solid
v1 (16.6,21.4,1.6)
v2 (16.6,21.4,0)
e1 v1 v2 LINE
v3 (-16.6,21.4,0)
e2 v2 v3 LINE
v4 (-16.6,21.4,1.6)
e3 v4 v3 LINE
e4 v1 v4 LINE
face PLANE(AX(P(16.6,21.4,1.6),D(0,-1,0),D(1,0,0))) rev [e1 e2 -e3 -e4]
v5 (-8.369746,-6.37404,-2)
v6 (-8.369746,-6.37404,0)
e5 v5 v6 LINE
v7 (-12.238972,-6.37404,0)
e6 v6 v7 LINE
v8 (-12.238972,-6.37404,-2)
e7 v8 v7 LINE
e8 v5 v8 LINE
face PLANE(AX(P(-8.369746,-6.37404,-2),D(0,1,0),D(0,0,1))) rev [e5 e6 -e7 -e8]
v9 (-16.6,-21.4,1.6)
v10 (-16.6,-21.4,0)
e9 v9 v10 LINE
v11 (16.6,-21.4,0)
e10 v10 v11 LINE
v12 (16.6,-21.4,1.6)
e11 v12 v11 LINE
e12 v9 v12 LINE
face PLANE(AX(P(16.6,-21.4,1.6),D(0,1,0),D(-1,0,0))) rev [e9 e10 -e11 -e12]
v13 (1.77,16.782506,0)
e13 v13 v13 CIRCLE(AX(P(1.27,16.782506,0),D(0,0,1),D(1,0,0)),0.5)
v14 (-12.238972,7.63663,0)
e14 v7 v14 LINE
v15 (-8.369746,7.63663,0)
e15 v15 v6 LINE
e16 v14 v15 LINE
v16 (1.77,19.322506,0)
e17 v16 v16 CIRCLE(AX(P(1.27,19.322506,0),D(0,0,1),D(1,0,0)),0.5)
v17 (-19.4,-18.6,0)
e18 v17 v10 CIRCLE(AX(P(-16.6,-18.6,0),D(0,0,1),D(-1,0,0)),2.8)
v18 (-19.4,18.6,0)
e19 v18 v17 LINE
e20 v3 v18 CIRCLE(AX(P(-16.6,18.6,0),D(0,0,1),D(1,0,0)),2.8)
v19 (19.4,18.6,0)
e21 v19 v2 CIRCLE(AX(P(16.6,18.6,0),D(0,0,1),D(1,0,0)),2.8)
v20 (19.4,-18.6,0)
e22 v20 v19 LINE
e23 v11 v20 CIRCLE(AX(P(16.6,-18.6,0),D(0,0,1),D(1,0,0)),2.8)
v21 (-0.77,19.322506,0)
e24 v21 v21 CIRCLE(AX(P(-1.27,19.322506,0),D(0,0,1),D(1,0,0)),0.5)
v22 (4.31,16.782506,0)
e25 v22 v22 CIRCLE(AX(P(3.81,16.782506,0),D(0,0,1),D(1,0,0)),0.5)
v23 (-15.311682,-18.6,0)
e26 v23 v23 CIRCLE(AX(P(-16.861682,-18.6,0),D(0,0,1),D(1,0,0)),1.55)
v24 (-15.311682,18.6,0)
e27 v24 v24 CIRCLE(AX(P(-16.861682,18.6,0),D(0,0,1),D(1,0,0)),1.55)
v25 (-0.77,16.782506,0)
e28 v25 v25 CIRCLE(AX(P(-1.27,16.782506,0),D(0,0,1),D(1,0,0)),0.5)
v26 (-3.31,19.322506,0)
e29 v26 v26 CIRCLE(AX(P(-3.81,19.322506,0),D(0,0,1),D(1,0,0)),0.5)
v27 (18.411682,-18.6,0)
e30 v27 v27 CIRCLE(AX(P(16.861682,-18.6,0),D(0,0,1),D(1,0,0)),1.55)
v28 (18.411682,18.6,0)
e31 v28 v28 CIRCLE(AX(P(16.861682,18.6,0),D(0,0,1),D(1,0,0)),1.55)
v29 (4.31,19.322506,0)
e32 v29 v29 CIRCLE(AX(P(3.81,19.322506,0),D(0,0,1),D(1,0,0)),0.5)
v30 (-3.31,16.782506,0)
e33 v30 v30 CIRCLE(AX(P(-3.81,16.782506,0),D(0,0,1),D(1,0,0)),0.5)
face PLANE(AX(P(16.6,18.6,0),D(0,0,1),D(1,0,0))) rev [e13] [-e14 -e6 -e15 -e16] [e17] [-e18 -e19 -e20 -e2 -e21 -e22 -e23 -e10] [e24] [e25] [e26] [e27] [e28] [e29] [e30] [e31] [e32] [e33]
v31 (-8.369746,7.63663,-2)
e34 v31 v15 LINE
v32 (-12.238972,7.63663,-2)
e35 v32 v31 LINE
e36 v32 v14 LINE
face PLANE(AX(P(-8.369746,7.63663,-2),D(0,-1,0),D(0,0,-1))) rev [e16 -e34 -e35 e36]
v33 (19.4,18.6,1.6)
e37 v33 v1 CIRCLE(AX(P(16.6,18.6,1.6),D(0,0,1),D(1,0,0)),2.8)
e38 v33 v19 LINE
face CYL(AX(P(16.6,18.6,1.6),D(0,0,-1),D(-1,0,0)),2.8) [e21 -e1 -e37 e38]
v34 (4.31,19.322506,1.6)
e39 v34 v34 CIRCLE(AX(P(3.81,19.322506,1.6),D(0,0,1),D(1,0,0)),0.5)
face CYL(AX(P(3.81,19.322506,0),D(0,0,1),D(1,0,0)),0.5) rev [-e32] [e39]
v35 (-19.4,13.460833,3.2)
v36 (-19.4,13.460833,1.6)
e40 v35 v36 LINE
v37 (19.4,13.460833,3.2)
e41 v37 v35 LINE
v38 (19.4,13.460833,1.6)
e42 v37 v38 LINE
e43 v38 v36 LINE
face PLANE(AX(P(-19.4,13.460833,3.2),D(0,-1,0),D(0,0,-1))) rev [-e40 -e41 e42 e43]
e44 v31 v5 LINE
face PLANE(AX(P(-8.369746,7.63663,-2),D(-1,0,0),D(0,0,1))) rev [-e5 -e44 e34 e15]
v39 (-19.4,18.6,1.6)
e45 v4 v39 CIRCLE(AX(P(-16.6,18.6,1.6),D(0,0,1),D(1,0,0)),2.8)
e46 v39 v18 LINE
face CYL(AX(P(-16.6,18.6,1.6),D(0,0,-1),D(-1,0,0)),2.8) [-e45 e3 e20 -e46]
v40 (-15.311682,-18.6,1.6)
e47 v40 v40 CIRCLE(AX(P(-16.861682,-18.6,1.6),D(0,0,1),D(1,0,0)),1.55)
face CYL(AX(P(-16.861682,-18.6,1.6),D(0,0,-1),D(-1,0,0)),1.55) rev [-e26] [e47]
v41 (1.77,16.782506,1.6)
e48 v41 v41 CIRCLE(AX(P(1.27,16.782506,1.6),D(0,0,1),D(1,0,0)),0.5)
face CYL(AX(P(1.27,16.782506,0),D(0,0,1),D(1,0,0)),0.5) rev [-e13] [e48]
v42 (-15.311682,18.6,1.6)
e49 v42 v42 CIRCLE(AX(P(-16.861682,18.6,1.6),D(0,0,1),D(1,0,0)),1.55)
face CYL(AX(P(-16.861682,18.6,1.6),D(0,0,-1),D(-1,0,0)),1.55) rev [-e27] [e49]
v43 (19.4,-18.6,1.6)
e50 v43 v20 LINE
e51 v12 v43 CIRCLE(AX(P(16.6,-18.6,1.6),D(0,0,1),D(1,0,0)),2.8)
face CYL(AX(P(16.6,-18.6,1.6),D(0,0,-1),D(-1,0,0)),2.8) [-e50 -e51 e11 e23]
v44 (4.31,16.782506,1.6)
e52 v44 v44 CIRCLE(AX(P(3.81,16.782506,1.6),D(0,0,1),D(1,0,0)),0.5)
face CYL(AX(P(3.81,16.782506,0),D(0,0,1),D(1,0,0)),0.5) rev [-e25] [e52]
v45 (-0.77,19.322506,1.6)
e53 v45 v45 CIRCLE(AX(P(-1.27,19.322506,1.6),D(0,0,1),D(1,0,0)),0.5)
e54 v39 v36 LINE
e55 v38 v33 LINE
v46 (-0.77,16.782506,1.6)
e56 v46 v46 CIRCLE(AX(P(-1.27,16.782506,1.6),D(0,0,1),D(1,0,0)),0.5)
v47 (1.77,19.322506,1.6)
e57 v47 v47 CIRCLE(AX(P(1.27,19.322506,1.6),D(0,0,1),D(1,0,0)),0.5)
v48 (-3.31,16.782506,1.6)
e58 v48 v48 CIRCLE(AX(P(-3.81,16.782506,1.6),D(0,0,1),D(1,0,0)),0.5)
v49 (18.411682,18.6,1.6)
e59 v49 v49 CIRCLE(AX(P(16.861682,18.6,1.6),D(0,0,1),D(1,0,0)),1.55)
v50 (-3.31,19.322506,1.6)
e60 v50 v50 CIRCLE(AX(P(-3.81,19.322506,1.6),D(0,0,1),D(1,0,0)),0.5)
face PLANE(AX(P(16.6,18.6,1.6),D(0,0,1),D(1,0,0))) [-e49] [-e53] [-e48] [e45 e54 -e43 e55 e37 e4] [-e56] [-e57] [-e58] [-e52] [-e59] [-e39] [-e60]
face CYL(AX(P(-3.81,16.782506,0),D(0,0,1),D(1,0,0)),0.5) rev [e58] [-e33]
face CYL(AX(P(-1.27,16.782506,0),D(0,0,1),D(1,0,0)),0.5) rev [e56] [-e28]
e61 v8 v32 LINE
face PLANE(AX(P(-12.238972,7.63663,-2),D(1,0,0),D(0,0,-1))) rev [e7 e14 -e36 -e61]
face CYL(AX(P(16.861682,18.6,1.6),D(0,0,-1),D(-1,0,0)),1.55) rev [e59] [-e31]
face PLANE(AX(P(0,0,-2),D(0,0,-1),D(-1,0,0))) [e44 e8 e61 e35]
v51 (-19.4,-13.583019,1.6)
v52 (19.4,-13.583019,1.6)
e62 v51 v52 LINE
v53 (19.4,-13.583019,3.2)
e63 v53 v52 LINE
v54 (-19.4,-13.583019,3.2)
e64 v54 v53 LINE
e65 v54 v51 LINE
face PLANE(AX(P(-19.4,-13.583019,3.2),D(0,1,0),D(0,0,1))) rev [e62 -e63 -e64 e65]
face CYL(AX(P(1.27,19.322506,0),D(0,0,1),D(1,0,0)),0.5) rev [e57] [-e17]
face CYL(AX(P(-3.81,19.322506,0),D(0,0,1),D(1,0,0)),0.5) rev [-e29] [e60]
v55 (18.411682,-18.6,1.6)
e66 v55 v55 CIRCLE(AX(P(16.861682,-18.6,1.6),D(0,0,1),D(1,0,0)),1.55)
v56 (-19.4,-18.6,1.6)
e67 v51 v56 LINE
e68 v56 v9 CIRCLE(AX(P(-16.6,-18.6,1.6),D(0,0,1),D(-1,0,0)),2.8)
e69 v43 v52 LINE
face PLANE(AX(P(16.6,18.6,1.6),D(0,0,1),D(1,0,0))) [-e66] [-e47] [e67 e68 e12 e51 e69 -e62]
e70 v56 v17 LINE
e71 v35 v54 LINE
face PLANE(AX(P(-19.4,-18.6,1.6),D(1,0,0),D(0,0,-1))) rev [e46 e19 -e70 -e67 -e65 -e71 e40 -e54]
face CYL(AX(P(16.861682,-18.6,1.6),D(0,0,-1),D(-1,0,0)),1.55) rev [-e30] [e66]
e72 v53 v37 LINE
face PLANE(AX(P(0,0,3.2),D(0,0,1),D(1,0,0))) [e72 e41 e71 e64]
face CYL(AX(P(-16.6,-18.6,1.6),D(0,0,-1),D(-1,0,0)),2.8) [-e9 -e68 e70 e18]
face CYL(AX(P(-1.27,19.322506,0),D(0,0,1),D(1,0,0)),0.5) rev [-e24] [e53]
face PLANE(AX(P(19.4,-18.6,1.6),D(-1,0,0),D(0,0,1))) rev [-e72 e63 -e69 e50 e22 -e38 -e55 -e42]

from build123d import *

# Parameters (mm, degrees)
SKIZZE1_R                       = 1.55
AUFSATZ_LINEAR_AUSTRAGEN1_DEPTH = 1.6
SKIZZE2_R                       = 0.5
SCHNITT_LINEAR_AUSTRAGEN1_DEPTH = 1.6
SKIZZE3_W                       = 38.8
SKIZZE3_H                       = 27.043851976
AUFSATZ_LINEAR_AUSTRAGEN2_DEPTH = 1.6
SKIZZE4_W                       = 3.86922581
SKIZZE4_H                       = 14.010670301
AUFSATZ_LINEAR_AUSTRAGEN3_DEPTH = 2


with BuildPart() as part:
    # Skizze1 → Aufsatz-Linear austragen1 (new body)
    with BuildSketch(Plane.XY):
        with BuildLine():
            Line((16.6, -21.4), (-16.6, -21.4))
            ThreePointArc((-16.6, -21.4), (-18.579898987, -20.579898987), (-19.4, -18.6))
            Line((-19.4, -18.6), (-19.4, 18.6))
            ThreePointArc((-19.4, 18.6), (-18.579898987, 20.579898987), (-16.6, 21.4))
            Line((-16.6, 21.4), (16.6, 21.4))
            ThreePointArc((16.6, 21.4), (18.579898987, 20.579898987), (19.4, 18.6))
            Line((19.4, 18.6), (19.4, -18.6))
            ThreePointArc((19.4, -18.6), (18.579898987, -20.579898987), (16.6, -21.4))
        make_face()
        with Locations((-16.861682243, 18.6)):
            Circle(SKIZZE1_R, mode=Mode.SUBTRACT)
        with Locations((-16.861682243, -18.6)):
            Circle(SKIZZE1_R, mode=Mode.SUBTRACT)
        with Locations((16.861682243, -18.6)):
            Circle(SKIZZE1_R, mode=Mode.SUBTRACT)
        with Locations((16.861682243, 18.6)):
            Circle(SKIZZE1_R, mode=Mode.SUBTRACT)
    extrude(amount=AUFSATZ_LINEAR_AUSTRAGEN1_DEPTH)

    # Skizze2 → Schnitt-Linear austragen1 (cut)
    with BuildSketch(Plane.XY.offset(1.6)):
        with Locations((-3.81, 16.782506105)):
            Circle(SKIZZE2_R)
        with Locations((-1.27, 16.782506105)):
            Circle(SKIZZE2_R)
        with Locations((1.27, 16.782506105)):
            Circle(SKIZZE2_R)
        with Locations((3.81, 16.782506105)):
            Circle(SKIZZE2_R)
        with Locations((-1.27, 19.322506105)):
            Circle(SKIZZE2_R)
        with Locations((1.27, 19.322506105)):
            Circle(SKIZZE2_R)
        with Locations((3.81, 19.322506105)):
            Circle(SKIZZE2_R)
        with Locations((-3.81, 19.322506105)):
            Circle(SKIZZE2_R)
    extrude(amount=-SCHNITT_LINEAR_AUSTRAGEN1_DEPTH, mode=Mode.SUBTRACT)

    # Skizze3 → Aufsatz-Linear austragen2 (add)
    with BuildSketch(Plane.XY.offset(1.6)):
        with Locations((0, -0.061093039)):
            Rectangle(SKIZZE3_W, SKIZZE3_H)
    extrude(amount=AUFSATZ_LINEAR_AUSTRAGEN2_DEPTH)

    # Skizze4 → Aufsatz-Linear austragen3 (add)
    with BuildSketch(Plane(origin=(0, 0, 0), x_dir=(-1, 0, 0), z_dir=(0, 0, -1))):
        with Locations((10.304359262, 0.631294738)):
            Rectangle(SKIZZE4_W, SKIZZE4_H)
    extrude(amount=AUFSATZ_LINEAR_AUSTRAGEN3_DEPTH)


solid = part.part
